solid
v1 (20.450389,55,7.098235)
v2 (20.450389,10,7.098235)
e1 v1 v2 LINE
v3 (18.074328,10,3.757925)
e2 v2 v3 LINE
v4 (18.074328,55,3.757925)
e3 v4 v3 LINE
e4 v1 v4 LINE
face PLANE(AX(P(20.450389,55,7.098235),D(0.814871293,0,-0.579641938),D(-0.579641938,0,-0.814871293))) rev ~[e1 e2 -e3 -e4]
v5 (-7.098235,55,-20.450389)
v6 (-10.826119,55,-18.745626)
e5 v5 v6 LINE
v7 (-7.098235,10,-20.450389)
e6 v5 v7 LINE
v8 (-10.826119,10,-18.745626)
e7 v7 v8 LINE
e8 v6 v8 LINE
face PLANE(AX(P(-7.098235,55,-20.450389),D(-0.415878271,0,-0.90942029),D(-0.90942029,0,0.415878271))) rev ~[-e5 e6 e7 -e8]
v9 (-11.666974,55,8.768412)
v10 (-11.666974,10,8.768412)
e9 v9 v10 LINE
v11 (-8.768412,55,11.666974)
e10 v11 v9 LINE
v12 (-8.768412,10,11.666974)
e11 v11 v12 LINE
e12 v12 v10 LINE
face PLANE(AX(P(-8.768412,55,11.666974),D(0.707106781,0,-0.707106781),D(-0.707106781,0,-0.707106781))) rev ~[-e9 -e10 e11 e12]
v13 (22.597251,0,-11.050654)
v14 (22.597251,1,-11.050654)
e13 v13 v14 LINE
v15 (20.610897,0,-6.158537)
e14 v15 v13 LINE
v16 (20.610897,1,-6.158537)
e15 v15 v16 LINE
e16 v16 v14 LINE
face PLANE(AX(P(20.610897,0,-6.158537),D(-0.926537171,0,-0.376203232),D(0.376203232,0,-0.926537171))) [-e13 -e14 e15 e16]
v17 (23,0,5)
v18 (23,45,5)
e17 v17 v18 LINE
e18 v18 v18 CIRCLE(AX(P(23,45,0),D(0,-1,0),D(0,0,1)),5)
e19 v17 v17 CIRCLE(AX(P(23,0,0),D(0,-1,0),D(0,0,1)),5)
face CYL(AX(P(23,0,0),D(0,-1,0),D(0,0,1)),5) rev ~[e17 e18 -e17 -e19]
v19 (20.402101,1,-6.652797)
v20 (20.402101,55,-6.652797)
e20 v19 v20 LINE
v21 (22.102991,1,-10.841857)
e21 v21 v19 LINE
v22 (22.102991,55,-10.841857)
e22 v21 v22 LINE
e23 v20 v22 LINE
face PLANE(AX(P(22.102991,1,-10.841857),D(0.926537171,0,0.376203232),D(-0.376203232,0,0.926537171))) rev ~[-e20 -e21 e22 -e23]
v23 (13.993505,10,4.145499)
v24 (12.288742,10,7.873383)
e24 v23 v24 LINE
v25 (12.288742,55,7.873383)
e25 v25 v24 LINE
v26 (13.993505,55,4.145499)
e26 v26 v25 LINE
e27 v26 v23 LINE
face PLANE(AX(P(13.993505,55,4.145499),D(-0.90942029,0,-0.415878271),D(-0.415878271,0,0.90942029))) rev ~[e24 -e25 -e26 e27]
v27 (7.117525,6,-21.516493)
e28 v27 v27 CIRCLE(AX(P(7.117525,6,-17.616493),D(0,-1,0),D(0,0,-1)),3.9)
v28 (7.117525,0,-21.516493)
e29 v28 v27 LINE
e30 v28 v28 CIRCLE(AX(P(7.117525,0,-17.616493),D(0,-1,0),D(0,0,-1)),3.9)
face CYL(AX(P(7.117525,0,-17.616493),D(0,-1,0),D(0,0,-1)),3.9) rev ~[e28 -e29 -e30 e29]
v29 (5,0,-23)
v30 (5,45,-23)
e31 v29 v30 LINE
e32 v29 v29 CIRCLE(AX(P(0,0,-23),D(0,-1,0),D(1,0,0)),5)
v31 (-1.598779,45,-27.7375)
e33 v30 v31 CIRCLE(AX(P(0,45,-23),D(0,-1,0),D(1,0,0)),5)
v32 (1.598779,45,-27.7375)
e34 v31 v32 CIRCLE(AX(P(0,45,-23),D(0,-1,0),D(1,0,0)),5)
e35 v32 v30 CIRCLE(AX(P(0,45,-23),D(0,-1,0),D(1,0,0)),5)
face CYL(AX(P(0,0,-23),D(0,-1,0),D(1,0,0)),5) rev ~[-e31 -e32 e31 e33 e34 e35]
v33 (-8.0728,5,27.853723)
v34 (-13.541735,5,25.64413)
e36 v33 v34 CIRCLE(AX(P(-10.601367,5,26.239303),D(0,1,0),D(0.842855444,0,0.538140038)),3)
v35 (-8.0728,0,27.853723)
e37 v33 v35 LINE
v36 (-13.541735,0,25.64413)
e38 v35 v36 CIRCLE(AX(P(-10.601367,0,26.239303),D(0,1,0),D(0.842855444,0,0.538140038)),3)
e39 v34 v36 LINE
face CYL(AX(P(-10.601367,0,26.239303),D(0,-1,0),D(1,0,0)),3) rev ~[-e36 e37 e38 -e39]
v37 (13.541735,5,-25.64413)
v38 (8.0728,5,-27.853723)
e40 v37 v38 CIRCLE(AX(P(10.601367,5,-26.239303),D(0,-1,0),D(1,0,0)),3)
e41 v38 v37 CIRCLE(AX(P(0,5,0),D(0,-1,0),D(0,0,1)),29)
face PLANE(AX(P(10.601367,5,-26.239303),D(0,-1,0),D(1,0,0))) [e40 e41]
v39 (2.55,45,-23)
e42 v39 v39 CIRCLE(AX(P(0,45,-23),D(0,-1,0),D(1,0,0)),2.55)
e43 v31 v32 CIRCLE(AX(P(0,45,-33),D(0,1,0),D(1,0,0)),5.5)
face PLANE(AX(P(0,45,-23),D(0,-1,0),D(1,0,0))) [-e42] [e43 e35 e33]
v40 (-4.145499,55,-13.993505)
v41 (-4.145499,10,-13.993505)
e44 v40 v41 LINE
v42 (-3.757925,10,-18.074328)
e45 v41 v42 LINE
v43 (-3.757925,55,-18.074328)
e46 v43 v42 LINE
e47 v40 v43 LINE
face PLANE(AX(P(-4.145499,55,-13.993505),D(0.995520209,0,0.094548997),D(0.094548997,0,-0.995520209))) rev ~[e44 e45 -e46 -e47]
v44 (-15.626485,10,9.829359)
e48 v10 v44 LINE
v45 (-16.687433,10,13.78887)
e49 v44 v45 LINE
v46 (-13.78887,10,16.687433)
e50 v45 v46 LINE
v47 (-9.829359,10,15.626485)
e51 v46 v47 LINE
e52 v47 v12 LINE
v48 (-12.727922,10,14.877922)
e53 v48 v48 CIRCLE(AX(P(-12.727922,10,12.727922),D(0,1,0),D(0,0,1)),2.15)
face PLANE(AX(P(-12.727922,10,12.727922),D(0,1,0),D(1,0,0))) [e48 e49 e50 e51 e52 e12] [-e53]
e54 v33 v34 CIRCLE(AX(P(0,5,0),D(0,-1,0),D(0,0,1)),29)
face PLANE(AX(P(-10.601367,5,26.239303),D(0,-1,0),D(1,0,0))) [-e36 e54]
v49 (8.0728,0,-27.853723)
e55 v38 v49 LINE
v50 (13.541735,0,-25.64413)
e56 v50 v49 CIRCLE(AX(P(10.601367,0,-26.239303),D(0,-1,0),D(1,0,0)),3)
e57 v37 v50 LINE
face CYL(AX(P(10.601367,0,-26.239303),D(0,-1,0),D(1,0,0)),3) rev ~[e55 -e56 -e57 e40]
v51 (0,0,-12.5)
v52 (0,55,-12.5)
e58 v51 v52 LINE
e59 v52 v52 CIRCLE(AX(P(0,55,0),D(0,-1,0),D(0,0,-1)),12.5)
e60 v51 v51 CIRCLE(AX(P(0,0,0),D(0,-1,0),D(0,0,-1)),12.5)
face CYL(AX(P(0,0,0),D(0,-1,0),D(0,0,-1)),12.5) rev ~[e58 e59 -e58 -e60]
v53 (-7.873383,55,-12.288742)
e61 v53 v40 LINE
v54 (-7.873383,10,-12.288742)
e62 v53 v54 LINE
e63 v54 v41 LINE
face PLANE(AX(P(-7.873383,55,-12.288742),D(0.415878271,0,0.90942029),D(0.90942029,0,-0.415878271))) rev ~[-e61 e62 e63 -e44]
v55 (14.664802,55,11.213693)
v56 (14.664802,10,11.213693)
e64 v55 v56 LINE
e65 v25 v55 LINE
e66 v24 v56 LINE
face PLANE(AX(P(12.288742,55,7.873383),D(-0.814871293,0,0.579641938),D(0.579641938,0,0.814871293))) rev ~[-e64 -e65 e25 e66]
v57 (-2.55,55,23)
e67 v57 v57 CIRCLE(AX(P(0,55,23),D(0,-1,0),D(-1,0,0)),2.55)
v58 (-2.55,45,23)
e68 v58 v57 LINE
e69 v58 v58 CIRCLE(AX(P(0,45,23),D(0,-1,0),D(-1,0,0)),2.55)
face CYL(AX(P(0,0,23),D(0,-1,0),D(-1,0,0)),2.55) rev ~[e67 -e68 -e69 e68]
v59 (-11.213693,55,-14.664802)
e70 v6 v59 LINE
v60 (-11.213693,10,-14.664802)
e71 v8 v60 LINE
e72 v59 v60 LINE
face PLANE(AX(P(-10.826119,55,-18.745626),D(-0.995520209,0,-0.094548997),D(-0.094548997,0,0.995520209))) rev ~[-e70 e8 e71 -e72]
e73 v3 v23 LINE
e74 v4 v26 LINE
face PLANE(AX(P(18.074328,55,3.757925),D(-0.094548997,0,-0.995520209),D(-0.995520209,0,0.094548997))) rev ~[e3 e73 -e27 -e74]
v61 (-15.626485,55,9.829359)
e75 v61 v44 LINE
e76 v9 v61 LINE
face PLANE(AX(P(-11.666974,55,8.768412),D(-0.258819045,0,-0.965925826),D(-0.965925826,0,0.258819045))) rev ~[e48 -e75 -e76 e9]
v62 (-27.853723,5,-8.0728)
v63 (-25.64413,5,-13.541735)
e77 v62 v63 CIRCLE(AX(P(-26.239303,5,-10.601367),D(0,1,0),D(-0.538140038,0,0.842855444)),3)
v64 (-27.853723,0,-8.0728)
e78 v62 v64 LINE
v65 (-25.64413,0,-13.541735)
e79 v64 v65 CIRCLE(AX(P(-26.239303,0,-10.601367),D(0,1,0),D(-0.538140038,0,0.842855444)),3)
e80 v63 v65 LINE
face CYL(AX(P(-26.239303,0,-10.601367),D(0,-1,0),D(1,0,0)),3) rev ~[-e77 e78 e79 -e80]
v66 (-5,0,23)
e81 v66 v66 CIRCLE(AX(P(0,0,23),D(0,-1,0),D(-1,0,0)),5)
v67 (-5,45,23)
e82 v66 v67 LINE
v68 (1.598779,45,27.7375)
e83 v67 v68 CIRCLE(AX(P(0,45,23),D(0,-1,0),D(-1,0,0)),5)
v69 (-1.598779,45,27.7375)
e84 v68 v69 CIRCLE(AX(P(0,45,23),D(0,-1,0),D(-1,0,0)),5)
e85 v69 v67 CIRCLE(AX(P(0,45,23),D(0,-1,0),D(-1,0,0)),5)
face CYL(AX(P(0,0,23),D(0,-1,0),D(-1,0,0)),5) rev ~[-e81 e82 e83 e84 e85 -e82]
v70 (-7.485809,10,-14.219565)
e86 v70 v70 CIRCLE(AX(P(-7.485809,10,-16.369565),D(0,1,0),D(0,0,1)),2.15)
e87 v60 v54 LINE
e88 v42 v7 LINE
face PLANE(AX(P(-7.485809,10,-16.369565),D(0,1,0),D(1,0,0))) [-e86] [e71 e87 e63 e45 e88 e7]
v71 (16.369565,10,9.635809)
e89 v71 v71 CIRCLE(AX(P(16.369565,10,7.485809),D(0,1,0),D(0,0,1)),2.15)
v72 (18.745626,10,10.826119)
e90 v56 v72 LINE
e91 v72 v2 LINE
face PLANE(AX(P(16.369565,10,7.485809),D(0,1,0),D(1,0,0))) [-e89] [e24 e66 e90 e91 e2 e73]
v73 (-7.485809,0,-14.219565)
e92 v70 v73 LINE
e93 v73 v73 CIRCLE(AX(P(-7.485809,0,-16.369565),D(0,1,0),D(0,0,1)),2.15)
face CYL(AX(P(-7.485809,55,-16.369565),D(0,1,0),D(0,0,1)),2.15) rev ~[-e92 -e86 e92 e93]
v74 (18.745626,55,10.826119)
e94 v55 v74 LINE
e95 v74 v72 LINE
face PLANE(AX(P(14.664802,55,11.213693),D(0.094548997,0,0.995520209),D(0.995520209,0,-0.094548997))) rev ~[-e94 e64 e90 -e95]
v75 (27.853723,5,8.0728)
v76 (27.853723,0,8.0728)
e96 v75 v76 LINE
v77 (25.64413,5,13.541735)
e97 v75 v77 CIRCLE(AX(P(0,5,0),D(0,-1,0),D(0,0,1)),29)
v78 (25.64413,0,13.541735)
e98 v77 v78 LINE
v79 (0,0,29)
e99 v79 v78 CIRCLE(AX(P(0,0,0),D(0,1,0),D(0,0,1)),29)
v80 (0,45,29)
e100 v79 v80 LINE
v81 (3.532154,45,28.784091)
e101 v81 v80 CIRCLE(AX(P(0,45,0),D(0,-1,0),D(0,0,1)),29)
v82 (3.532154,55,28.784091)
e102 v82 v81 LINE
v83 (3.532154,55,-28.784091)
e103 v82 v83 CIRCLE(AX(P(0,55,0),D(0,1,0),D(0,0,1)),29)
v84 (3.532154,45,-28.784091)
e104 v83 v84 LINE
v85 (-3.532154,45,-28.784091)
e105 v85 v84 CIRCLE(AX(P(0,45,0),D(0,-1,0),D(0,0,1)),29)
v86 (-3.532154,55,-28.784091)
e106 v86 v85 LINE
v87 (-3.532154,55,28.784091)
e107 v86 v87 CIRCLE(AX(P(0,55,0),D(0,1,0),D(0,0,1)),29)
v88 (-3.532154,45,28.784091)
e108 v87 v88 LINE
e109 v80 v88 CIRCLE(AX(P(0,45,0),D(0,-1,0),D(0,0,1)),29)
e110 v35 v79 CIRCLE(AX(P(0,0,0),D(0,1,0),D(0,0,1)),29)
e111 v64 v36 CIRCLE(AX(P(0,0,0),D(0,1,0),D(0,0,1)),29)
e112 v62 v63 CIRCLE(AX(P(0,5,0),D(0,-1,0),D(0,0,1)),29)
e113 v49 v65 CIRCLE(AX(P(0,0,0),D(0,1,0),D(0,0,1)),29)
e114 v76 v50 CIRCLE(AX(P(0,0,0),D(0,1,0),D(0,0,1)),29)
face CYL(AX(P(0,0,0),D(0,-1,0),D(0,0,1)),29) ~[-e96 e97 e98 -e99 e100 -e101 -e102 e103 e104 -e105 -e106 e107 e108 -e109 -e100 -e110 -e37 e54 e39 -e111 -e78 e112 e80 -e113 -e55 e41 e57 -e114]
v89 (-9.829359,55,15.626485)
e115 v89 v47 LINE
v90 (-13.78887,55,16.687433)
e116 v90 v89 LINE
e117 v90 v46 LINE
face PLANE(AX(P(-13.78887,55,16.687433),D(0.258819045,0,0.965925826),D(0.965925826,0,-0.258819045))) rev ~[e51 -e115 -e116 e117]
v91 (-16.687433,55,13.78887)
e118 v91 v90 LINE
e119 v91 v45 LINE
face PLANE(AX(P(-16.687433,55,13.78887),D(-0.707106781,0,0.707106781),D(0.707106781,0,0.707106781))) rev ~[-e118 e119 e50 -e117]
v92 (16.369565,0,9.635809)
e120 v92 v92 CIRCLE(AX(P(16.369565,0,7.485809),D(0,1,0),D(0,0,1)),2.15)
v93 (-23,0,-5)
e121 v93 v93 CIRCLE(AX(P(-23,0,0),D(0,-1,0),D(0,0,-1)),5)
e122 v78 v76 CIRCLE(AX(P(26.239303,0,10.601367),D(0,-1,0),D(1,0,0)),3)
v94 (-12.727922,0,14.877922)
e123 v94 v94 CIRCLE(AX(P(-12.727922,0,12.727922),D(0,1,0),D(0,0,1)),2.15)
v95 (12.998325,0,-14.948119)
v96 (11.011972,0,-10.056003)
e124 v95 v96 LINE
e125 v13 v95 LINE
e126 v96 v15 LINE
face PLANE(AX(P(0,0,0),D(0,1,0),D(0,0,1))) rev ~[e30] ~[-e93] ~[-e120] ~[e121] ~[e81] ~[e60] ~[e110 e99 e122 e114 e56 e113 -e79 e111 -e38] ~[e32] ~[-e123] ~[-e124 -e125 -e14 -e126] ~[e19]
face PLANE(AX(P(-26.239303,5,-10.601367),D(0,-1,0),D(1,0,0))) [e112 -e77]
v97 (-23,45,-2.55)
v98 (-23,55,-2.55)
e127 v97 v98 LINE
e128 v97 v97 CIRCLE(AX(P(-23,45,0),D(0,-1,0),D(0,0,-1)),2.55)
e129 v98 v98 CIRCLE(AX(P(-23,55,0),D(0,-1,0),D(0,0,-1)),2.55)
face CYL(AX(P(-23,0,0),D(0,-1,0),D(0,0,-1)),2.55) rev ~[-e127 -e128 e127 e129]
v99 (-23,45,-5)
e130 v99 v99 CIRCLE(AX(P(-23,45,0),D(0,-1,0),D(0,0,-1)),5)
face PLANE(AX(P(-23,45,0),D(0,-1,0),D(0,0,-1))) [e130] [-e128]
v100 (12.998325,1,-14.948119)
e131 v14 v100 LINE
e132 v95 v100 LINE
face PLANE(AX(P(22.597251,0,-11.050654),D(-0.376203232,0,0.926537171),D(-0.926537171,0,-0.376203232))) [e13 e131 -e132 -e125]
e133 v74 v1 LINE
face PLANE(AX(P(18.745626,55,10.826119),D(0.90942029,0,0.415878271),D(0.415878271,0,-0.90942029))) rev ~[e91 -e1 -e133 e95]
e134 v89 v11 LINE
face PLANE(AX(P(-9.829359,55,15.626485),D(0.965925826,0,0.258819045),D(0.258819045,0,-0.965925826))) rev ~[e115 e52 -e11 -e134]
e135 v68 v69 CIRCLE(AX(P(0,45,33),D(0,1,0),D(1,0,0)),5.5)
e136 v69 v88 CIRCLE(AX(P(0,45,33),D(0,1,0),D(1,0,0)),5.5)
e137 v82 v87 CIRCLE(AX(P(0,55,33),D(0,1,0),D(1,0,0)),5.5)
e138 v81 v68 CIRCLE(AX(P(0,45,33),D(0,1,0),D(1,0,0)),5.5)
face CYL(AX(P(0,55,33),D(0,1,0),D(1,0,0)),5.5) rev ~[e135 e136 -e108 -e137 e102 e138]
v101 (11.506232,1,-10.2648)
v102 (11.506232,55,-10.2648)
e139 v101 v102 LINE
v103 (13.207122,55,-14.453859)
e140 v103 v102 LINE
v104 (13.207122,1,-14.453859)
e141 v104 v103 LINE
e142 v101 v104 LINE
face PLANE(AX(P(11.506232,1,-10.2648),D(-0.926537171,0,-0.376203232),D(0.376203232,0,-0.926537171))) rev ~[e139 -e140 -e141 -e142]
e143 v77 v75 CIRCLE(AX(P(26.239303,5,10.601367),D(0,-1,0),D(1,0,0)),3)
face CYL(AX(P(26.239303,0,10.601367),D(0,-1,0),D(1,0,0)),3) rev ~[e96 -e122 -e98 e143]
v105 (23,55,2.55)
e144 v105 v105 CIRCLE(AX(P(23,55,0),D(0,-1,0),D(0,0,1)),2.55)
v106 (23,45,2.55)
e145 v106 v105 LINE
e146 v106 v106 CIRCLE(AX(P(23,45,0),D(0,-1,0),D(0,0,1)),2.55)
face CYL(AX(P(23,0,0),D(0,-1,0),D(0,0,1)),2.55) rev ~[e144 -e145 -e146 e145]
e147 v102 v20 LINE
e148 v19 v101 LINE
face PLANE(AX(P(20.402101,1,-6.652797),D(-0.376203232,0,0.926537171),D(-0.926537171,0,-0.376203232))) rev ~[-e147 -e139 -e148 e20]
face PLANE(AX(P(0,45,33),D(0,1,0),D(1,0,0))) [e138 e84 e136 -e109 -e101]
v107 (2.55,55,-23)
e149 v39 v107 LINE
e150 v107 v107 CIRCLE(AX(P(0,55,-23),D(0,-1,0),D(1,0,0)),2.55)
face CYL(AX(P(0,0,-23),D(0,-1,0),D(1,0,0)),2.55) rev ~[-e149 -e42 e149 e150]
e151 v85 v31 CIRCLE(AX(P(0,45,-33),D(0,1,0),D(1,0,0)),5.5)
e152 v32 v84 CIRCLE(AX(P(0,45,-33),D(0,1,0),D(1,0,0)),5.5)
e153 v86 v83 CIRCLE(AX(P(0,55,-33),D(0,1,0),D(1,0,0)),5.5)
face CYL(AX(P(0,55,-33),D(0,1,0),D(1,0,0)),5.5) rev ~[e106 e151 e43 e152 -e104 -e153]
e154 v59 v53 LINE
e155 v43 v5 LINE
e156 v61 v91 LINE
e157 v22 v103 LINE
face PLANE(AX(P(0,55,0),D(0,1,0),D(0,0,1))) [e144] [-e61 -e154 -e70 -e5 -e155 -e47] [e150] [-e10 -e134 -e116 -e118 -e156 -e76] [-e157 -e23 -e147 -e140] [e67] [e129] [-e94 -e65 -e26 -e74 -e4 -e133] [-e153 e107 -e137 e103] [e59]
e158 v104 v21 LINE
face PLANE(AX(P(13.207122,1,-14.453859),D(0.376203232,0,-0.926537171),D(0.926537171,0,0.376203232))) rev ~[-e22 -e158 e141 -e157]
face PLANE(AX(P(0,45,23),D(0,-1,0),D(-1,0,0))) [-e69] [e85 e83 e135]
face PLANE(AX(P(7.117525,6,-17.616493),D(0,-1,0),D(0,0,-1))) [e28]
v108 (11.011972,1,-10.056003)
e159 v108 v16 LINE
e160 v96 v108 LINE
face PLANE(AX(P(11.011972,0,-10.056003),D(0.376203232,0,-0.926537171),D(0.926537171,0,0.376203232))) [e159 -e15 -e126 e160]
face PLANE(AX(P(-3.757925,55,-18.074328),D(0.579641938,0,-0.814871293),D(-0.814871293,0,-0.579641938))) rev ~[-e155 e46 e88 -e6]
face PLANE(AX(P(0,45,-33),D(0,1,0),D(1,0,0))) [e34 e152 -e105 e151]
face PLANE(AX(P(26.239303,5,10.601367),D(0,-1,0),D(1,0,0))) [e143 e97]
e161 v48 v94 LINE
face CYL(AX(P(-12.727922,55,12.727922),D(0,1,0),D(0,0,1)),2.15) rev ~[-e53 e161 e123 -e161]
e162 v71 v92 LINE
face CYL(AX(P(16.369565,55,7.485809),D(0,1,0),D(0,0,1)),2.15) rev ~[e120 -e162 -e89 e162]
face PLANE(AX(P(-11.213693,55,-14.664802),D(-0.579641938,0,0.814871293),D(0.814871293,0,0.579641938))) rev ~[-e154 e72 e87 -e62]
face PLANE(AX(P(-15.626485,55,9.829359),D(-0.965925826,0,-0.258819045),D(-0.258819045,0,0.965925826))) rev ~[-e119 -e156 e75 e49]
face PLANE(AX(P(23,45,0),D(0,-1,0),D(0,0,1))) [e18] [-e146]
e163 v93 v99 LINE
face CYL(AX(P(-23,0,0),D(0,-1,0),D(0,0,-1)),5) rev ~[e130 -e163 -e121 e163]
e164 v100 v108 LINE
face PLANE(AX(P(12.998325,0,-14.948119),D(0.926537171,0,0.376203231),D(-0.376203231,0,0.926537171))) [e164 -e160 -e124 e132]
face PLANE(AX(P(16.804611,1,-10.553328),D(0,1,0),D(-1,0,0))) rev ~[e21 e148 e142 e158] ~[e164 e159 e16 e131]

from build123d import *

# Parameters (mm, degrees)
SKETCH1_R           = 29
BOSS_EXTRUDE1_DEPTH = 55
SKETCH5_R           = 5
CUT_EXTRUDE2_DEPTH  = 45
SKETCH4_R           = 2.55
CUT_EXTRUDE1_DEPTH  = 69.607579756
CIRPATTERN2_COUNT   = 4
SKETCH6_R           = 12.5
CUT_EXTRUDE3_DEPTH  = 69.607579756
SKETCH8_R           = 3
CUT_EXTRUDE4_DEPTH  = 5
CUT_EXTRUDE5_DEPTH  = 1
CUT_EXTRUDE6_DEPTH  = 68.808554033
SKETCH12_R          = 3.9
CUT_EXTRUDE7_DEPTH  = 6
CUT_EXTRUDE8_DEPTH  = 45
SKETCH14_R          = 2.15
CUT_EXTRUDE9_DEPTH  = 69.607579756
SKETCH16_R          = 5.5
CUT_EXTRUDE10_DEPTH = 10


with BuildPart() as part:
    # Sketch1 → Boss-Extrude1 (new body)
    with BuildSketch(Plane(origin=(0, 0, 0), x_dir=(1, 0, 0), z_dir=(0, 1, 0))):
        with Locations(Location((0, 0, 0), (0, 0, 270))):
            Circle(SKETCH1_R)
    extrude(amount=BOSS_EXTRUDE1_DEPTH)

    # Sketch5 → Cut-Extrude2 (cut)
    with BuildSketch(Plane.XZ):
        with Locations(Location((-23, 0, 0), (0, 0, 270))):
            Circle(SKETCH5_R)
    cut_extrude2 = extrude(amount=-CUT_EXTRUDE2_DEPTH, mode=Mode.SUBTRACT)

    # Sketch4 → Cut-Extrude1 (cut, through all)
    with BuildSketch(Plane.XZ):
        with Locations(Location((-23, 0, 0), (0, 0, 270))):
            Circle(SKETCH4_R)
    cut_extrude1 = extrude(amount=-CUT_EXTRUDE1_DEPTH, mode=Mode.SUBTRACT)

    # CirPattern2: Cut-Extrude2, Cut-Extrude1 ×4 about axis
    cirpattern2_axis = Axis((0, 0, 0), (0, 1, 0))
    add([cut_extrude2.rotate(cirpattern2_axis, i * 360 / CIRPATTERN2_COUNT) for i in range(1, CIRPATTERN2_COUNT)], mode=Mode.SUBTRACT)
    add([cut_extrude1.rotate(cirpattern2_axis, i * 360 / CIRPATTERN2_COUNT) for i in range(1, CIRPATTERN2_COUNT)], mode=Mode.SUBTRACT)

    # Sketch6 → Cut-Extrude3 (cut, through all)
    with BuildSketch(Plane.XZ):
        with Locations(Location((0, 0, 0), (0, 0, 270))):
            Circle(SKETCH6_R)
    extrude(amount=-CUT_EXTRUDE3_DEPTH, mode=Mode.SUBTRACT)

    # Sketch8 → Cut-Extrude4 (cut)
    with BuildSketch(Plane.XZ):
        with Locations((-10.601366594, 26.239303084)):
            Circle(SKETCH8_R)
        with Locations((-26.239303084, -10.601366594)):
            Circle(SKETCH8_R)
        with Locations((10.601366594, -26.239303084)):
            Circle(SKETCH8_R)
        with Locations((26.239303084, 10.601366594)):
            Circle(SKETCH8_R)
    extrude(amount=-CUT_EXTRUDE4_DEPTH, mode=Mode.SUBTRACT)

    # Sketch9 → Cut-Extrude5 (cut)
    with BuildSketch(Plane.XZ):
        Polygon((20.610897481, -6.158537344), (22.597250544, -11.050653604), (12.998325456, -14.948119084), (11.011972394, -10.056002823), align=None)
    extrude(amount=-CUT_EXTRUDE5_DEPTH, mode=Mode.SUBTRACT)

    # Sketch11 → Cut-Extrude6 (cut, through all)
    with BuildSketch(Plane.XZ.offset(-1)):
        Polygon((22.102990836, -10.841856908), (20.402100785, -6.652797052), (11.506232102, -10.264799519), (13.207122153, -14.453859375), align=None)
    extrude(amount=-CUT_EXTRUDE6_DEPTH, mode=Mode.SUBTRACT)

    # Sketch12 → Cut-Extrude7 (cut)
    with BuildSketch(Plane.XZ):
        with Locations(Location((7.117525275, -17.616493237, 0), (0, 0, 270))):
            Circle(SKETCH12_R)
    extrude(amount=-CUT_EXTRUDE7_DEPTH, mode=Mode.SUBTRACT)

    # Sketch13 → Cut-Extrude8 (cut)
    with BuildSketch(Plane(origin=(0, 55, 0), x_dir=(1, 0, 0), z_dir=(0, 1, 0))):
        Polygon((18.745625864, -10.826118617), (20.450388629, -7.098234868), (18.074327983, -3.757925131), (13.993504571, -4.145499143), (12.288741806, -7.873382892), (14.664802452, -11.213692629), align=None)
        Polygon((-4.145499143, 13.993504571), (-3.757925131, 18.074327983), (-7.098234868, 20.450388629), (-10.826118617, 18.745625864), (-11.213692629, 14.664802452), (-7.873382892, 12.288741806), align=None)
        Polygon((-13.788869703, -16.687432566), (-9.829359199, -15.626484924), (-8.768411557, -11.666974419), (-11.666974419, -8.768411557), (-15.626484924, -9.829359199), (-16.687432566, -13.788869703), align=None)
    extrude(amount=-CUT_EXTRUDE8_DEPTH, mode=Mode.SUBTRACT)

    # Sketch14 → Cut-Extrude9 (cut, through all)
    with BuildSketch(Plane(origin=(0, 55, 0), x_dir=(1, 0, 0), z_dir=(0, 1, 0))):
        with Locations(Location((-7.48580888, 16.369565217, 0), (0, 0, 270))):
            Circle(SKETCH14_R)
        with Locations(Location((16.369565217, -7.48580888, 0), (0, 0, 270))):
            Circle(SKETCH14_R)
        with Locations(Location((-12.727922061, -12.727922061, 0), (0, 0, 270))):
            Circle(SKETCH14_R)
    extrude(amount=-CUT_EXTRUDE9_DEPTH, mode=Mode.SUBTRACT)

    # Sketch16 → Cut-Extrude10 (cut)
    with BuildSketch(Plane(origin=(0, 55, 0), x_dir=(1, 0, 0), z_dir=(0, 1, 0))):
        with Locations((0, 33)):
            Circle(SKETCH16_R)
        with Locations((0, -33)):
            Circle(SKETCH16_R)
    extrude(amount=-CUT_EXTRUDE10_DEPTH, mode=Mode.SUBTRACT)


solid = part.part
